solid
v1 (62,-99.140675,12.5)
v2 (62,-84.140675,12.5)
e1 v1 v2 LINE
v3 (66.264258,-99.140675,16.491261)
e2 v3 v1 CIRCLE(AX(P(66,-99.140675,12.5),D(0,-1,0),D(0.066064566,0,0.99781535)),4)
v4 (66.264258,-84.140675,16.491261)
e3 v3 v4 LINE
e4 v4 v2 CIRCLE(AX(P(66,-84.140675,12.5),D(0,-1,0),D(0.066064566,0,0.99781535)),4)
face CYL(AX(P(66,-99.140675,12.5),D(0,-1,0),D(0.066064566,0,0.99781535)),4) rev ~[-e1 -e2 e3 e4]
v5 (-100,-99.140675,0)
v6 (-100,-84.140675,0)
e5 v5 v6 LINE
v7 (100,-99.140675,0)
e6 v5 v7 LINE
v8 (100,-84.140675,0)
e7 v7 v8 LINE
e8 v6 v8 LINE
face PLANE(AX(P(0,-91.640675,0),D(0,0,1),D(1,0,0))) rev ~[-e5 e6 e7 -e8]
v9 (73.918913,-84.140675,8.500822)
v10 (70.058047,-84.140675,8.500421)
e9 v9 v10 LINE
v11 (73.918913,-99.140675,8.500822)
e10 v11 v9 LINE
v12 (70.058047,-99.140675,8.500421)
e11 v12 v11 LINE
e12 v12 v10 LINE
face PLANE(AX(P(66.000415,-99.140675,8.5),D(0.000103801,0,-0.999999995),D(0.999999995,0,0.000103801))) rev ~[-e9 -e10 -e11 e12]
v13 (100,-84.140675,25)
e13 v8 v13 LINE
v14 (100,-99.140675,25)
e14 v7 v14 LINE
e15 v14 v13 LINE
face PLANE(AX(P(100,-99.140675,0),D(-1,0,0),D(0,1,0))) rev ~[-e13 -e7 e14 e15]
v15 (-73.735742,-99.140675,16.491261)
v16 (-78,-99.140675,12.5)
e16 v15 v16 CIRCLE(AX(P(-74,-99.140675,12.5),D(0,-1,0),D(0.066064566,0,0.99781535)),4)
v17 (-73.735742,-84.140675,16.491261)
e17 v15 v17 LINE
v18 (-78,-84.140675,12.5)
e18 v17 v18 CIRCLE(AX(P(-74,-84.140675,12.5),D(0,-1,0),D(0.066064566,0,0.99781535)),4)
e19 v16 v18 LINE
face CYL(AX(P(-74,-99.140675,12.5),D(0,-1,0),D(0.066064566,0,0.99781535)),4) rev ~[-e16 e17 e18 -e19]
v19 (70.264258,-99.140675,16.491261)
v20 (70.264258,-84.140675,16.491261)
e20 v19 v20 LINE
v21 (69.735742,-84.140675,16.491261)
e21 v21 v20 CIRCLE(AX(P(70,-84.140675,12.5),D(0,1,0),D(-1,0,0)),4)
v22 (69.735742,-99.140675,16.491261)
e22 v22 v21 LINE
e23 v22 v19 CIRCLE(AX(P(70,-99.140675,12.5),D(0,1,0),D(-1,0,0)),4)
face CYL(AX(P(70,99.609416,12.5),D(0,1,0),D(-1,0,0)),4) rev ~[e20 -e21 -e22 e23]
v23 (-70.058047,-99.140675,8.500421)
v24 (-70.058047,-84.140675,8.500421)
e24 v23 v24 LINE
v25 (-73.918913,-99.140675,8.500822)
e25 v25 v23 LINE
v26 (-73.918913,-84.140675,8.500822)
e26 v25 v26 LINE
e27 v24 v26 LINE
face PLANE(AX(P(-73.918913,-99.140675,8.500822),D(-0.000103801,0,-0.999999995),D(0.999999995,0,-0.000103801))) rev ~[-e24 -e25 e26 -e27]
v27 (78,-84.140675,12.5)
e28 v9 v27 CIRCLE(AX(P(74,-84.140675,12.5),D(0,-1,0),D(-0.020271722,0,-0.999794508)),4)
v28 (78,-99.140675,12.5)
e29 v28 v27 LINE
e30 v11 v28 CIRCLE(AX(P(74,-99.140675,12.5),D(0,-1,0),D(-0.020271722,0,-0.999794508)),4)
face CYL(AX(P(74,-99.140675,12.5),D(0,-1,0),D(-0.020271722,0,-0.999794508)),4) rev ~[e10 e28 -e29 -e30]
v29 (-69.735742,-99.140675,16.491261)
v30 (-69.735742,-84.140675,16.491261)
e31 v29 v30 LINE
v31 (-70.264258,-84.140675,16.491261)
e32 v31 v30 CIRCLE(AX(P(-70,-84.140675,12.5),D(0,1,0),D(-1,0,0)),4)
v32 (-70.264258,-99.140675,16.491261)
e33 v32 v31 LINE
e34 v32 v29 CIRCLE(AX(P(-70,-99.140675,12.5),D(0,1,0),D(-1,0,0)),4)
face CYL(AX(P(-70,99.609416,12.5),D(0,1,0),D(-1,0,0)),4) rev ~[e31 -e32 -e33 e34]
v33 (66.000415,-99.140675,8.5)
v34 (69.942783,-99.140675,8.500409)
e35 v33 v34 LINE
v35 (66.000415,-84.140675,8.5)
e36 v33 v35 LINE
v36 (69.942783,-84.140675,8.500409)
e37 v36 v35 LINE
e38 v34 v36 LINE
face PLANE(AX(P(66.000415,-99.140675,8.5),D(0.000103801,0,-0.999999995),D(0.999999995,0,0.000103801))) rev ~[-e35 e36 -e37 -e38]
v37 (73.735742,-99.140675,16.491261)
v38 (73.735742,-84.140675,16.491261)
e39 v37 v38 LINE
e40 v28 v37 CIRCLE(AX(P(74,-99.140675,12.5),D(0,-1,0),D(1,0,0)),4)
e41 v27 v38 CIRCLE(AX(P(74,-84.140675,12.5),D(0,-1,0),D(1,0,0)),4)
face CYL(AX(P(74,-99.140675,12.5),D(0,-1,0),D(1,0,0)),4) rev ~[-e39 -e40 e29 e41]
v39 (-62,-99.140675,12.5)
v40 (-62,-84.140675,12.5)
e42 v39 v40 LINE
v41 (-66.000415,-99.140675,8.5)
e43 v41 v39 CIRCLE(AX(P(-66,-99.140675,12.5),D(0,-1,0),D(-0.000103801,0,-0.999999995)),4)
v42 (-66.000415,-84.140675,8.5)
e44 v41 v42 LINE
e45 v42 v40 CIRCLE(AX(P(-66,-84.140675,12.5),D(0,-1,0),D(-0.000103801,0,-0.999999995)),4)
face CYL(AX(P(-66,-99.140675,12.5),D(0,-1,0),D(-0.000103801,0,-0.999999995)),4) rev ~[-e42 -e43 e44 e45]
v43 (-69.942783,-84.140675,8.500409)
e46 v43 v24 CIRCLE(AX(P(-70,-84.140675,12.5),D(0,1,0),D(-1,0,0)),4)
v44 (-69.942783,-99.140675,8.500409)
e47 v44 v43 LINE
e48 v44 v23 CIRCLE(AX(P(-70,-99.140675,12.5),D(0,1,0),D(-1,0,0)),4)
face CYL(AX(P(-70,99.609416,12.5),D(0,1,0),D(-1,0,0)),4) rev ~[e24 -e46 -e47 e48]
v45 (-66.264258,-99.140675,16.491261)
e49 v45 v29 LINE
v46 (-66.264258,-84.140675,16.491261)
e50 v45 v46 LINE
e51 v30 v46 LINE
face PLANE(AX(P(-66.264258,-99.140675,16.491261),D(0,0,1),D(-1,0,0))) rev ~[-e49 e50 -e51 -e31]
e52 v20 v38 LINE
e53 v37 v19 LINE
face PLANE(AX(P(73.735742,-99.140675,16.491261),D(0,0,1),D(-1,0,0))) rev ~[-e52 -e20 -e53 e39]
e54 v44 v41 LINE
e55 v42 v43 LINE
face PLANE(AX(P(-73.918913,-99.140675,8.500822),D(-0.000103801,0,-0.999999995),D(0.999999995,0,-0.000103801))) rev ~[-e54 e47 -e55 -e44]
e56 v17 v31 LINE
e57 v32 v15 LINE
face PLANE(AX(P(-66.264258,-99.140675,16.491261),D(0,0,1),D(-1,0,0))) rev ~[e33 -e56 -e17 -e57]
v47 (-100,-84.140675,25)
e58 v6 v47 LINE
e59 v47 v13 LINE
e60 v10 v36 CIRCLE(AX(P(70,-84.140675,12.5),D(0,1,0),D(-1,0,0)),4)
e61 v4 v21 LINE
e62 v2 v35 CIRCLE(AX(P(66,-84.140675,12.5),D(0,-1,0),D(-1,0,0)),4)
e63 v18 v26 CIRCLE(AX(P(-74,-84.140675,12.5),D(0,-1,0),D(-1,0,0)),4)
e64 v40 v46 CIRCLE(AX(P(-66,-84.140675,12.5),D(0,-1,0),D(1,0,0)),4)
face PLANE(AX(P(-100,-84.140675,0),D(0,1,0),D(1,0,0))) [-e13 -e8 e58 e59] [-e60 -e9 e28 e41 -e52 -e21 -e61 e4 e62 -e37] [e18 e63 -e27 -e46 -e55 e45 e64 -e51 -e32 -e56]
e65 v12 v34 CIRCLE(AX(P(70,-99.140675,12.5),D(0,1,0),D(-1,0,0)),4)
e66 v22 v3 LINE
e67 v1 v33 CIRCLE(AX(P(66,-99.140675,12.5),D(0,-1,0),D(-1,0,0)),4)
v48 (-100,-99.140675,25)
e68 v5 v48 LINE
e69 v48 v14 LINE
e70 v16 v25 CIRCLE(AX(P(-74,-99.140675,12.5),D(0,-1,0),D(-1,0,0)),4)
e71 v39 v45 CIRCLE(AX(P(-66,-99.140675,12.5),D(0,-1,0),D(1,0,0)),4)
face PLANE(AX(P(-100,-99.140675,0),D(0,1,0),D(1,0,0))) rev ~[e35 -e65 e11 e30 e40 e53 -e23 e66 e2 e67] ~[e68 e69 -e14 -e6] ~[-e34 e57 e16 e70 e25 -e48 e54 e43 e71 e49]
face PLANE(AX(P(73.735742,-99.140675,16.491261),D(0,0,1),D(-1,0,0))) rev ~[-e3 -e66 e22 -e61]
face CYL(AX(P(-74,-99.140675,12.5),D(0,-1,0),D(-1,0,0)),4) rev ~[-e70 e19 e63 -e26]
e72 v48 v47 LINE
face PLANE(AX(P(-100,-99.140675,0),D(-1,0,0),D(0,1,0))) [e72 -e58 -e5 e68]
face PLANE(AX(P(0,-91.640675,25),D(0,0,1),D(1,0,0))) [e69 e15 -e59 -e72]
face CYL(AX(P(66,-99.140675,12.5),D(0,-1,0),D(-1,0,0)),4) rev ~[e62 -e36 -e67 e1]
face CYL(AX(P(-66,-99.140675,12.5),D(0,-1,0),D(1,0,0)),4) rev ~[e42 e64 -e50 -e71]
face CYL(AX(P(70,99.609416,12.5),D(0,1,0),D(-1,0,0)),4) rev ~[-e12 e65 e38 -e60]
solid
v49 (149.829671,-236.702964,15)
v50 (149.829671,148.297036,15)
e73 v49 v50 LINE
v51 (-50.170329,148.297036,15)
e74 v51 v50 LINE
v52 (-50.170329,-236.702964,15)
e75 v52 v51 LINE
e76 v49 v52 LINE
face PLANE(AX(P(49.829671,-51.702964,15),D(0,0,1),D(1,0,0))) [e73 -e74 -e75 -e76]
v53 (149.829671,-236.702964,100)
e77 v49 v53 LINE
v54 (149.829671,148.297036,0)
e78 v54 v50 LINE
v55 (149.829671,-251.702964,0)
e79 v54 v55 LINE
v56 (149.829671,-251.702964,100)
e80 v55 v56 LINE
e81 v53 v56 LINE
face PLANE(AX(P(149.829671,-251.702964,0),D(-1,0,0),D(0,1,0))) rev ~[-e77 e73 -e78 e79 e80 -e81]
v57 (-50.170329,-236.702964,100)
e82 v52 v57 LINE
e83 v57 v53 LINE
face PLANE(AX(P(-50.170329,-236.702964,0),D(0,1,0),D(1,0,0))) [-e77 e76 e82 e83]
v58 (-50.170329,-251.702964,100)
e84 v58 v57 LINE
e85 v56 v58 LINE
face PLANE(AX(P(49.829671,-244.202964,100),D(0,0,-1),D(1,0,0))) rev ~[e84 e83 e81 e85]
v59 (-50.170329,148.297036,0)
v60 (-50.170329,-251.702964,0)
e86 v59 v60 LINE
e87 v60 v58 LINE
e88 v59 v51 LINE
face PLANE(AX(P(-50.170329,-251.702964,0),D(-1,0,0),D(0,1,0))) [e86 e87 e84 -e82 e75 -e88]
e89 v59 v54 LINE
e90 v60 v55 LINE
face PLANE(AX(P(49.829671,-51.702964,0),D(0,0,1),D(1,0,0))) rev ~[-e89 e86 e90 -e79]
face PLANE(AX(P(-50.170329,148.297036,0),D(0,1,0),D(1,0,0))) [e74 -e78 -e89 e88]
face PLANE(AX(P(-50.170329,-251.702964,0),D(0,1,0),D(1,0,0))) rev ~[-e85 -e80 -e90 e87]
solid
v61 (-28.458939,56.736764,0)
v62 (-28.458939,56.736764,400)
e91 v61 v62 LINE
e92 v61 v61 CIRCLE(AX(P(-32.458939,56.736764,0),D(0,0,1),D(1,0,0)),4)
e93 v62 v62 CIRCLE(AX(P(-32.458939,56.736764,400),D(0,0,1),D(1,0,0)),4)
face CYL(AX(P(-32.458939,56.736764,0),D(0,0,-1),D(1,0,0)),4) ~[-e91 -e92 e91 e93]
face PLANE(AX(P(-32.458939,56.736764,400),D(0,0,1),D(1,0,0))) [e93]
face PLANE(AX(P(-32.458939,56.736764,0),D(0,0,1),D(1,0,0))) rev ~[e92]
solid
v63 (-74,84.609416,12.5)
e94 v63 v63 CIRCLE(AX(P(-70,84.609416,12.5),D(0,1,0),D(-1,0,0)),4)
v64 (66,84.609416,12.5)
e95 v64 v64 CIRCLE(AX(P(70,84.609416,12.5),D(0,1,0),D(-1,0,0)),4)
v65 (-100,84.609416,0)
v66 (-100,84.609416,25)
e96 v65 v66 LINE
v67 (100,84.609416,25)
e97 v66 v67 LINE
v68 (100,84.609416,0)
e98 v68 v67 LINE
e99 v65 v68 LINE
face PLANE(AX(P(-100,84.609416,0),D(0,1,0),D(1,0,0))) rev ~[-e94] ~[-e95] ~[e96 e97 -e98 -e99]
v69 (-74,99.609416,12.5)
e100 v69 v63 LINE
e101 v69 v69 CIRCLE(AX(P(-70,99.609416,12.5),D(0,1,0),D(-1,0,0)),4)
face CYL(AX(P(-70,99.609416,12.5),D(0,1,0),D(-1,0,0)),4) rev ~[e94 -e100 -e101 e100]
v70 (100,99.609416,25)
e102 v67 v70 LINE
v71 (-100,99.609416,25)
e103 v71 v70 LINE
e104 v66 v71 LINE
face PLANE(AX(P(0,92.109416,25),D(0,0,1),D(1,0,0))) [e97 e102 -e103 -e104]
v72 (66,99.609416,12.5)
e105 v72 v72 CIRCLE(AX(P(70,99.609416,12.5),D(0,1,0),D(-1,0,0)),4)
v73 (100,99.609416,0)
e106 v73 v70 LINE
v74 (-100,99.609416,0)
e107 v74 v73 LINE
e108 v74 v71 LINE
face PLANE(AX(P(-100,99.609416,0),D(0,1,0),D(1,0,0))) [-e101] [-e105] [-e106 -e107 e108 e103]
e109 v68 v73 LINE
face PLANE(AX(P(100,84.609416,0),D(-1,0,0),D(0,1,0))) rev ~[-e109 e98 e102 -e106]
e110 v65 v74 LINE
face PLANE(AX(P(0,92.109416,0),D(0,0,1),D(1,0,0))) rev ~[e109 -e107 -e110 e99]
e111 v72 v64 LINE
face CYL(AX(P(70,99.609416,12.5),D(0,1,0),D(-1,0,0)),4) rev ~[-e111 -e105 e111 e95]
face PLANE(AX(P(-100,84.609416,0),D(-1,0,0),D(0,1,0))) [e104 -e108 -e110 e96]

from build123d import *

# Parameters (mm, degrees)
F0_W      = 200
F0_H      = 15
F1_DEPTH  = 25
F2_R      = 4
F3_DEPTH  = 400
F4_R      = 4
F5_DEPTH  = 400
F7_DEPTH  = 25
F8_W      = 200
F8_H      = 400
F9_DEPTH  = 15
F12_DEPTH = 100


with BuildPart() as f1:
    # F0 (on Top) → F1 (new body)
    with BuildSketch(Plane.XY):
        with Locations((0, 92.1094161626)):
            Rectangle(F0_W, F0_H)
    extrude(amount=F1_DEPTH)


with BuildPart() as f1b:
    # F0 (on Top) → F1, piece 2 (new body)
    with BuildSketch(Plane.XY):
        with Locations((0, -91.6406753098)):
            Rectangle(F0_W, F0_H)
    extrude(amount=F1_DEPTH)


with BuildPart() as f3_tool:
    # F2 (on face) → F3 (new body)
    with BuildSketch(Plane(origin=(0, 99.6094161626, 0), x_dir=(-1, 0, 0), z_dir=(0, 1, 0))):
        with Locations((-70, 12.5)):
            Circle(F2_R)
        with Locations((70, 12.5)):
            Circle(F2_R)
    extrude(amount=-F3_DEPTH)


with BuildPart() as f1_1:
    add(f1.part)

    # F3: cut by f3_tool
    add(f3_tool.part, mode=Mode.SUBTRACT)


with BuildPart() as f1b_1:
    add(f1b.part)

    # F3: cut by f3_tool
    add(f3_tool.part, mode=Mode.SUBTRACT)

    # F6 (on face) → F7 (cut)
    with BuildSketch(Plane.XZ.offset(99.1406753098)):
        with BuildLine():
            ThreePointArc((-66.2642582634, 16.4912614009), (-68.9203623965, 15.2334014475), (-70, 12.5))
            Line((-70, 12.5), (-62, 12.5))
            ThreePointArc((-62, 12.5), (-63.2665985525, 15.4203623965), (-66.2642582634, 16.4912614009))
        make_face()
        with BuildLine():
            ThreePointArc((-73.9189131124, 8.5008219699), (-71.1430481672, 9.700388201), (-70, 12.5))
            Line((-70, 12.5), (-78, 12.5))
            ThreePointArc((-78, 12.5), (-76.799611799, 9.6430481672), (-73.9189131124, 8.5008219699))
        make_face()
        with BuildLine():
            Line((-78, 12.5), (-70, 12.5))
            ThreePointArc((-70, 12.5), (-71.0796376035, 15.2334014475), (-73.7357417366, 16.4912614009))
            ThreePointArc((-73.7357417366, 16.4912614009), (-76.7334014475, 15.4203623965), (-78, 12.5))
        make_face()
        with BuildLine():
            ThreePointArc((-66.0004152042, 8.5000000215), (-68.8285739178, 9.6717196759), (-70, 12.5))
            ThreePointArc((-70, 12.5), (-71.1430481672, 9.700388201), (-73.9189131124, 8.5008219699))
            Line((-73.9189131124, 8.5008219699), (-66.0004152042, 8.5000000215))
        make_face()
        with BuildLine():
            ThreePointArc((-73.7357417366, 16.4912614009), (-71.0796376035, 15.2334014475), (-70, 12.5))
            ThreePointArc((-70, 12.5), (-68.9203623965, 15.2334014475), (-66.2642582634, 16.4912614009))
            Line((-66.2642582634, 16.4912614009), (-73.7357417366, 16.4912614009))
        make_face()
        with BuildLine():
            Line((-62, 12.5), (-70, 12.5))
            ThreePointArc((-70, 12.5), (-68.8285739178, 9.6717196759), (-66.0004152042, 8.5000000215))
            ThreePointArc((-66.0004152042, 8.5000000215), (-63.1717196759, 9.6714260822), (-62, 12.5))
        make_face()
        with BuildLine():
            ThreePointArc((66.2642582634, 16.4912614009), (63.2665985525, 15.4203623965), (62, 12.5))
            Line((62, 12.5), (70, 12.5))
            ThreePointArc((70, 12.5), (68.9203623965, 15.2334014475), (66.2642582634, 16.4912614009))
        make_face()
        with BuildLine():
            Line((70, 12.5), (62, 12.5))
            ThreePointArc((62, 12.5), (63.1717196759, 9.6714260822), (66.0004152042, 8.5000000215))
            ThreePointArc((66.0004152042, 8.5000000215), (68.8285739178, 9.6717196759), (70, 12.5))
        make_face()
        with BuildLine():
            ThreePointArc((73.7357417366, 16.4912614009), (71.0796376035, 15.2334014475), (70, 12.5))
            Line((70, 12.5), (78, 12.5))
            ThreePointArc((78, 12.5), (76.7334014475, 15.4203623965), (73.7357417366, 16.4912614009))
        make_face()
        with BuildLine():
            ThreePointArc((66.2642582634, 16.4912614009), (68.9203623965, 15.2334014475), (70, 12.5))
            ThreePointArc((70, 12.5), (71.0796376035, 15.2334014475), (73.7357417366, 16.4912614009))
            Line((73.7357417366, 16.4912614009), (66.2642582634, 16.4912614009))
        make_face()
        with BuildLine():
            Line((78, 12.5), (70, 12.5))
            ThreePointArc((70, 12.5), (71.1430481672, 9.700388201), (73.9189131124, 8.5008219699))
            ThreePointArc((73.9189131124, 8.5008219699), (76.799611799, 9.6430481672), (78, 12.5))
        make_face()
        with BuildLine():
            ThreePointArc((73.9189131124, 8.5008219699), (71.1430481672, 9.700388201), (70, 12.5))
            ThreePointArc((70, 12.5), (68.8285739178, 9.6717196759), (66.0004152042, 8.5000000215))
            Line((66.0004152042, 8.5000000215), (73.9189131124, 8.5008219699))
        make_face()
    extrude(amount=-F7_DEPTH, mode=Mode.SUBTRACT)


with BuildPart() as f5:
    # F4 (on Top) → F5 (new body)
    with BuildSketch(Plane.XY):
        with Locations((-32.4589386582, 56.7367635667)):
            Circle(F4_R)
    extrude(amount=F5_DEPTH)


with BuildPart() as f9:
    # F8 (on Top) → F9 (new body)
    with BuildSketch(Plane.XY):
        with Locations((49.8296707869, -51.7029643059)):
            Rectangle(F8_W, F8_H)
    extrude(amount=F9_DEPTH)

    # F11 (on face) → F12 (join)
    with BuildSketch(Plane(origin=(0, 0, 0), x_dir=(1, 0, 0), z_dir=(0, 0, -1))):
        Polygon((49.8296707869, 251.7029643059), (-50.1703292131, 251.7029643059), (-50.1703292131, 236.7029643059), (149.8296707869, 236.7029643059), (149.8296707869, 251.7029643059), align=None)
    extrude(amount=-F12_DEPTH)


solid = Compound([f1_1.part, f1b_1.part, f5.part, f9.part])
